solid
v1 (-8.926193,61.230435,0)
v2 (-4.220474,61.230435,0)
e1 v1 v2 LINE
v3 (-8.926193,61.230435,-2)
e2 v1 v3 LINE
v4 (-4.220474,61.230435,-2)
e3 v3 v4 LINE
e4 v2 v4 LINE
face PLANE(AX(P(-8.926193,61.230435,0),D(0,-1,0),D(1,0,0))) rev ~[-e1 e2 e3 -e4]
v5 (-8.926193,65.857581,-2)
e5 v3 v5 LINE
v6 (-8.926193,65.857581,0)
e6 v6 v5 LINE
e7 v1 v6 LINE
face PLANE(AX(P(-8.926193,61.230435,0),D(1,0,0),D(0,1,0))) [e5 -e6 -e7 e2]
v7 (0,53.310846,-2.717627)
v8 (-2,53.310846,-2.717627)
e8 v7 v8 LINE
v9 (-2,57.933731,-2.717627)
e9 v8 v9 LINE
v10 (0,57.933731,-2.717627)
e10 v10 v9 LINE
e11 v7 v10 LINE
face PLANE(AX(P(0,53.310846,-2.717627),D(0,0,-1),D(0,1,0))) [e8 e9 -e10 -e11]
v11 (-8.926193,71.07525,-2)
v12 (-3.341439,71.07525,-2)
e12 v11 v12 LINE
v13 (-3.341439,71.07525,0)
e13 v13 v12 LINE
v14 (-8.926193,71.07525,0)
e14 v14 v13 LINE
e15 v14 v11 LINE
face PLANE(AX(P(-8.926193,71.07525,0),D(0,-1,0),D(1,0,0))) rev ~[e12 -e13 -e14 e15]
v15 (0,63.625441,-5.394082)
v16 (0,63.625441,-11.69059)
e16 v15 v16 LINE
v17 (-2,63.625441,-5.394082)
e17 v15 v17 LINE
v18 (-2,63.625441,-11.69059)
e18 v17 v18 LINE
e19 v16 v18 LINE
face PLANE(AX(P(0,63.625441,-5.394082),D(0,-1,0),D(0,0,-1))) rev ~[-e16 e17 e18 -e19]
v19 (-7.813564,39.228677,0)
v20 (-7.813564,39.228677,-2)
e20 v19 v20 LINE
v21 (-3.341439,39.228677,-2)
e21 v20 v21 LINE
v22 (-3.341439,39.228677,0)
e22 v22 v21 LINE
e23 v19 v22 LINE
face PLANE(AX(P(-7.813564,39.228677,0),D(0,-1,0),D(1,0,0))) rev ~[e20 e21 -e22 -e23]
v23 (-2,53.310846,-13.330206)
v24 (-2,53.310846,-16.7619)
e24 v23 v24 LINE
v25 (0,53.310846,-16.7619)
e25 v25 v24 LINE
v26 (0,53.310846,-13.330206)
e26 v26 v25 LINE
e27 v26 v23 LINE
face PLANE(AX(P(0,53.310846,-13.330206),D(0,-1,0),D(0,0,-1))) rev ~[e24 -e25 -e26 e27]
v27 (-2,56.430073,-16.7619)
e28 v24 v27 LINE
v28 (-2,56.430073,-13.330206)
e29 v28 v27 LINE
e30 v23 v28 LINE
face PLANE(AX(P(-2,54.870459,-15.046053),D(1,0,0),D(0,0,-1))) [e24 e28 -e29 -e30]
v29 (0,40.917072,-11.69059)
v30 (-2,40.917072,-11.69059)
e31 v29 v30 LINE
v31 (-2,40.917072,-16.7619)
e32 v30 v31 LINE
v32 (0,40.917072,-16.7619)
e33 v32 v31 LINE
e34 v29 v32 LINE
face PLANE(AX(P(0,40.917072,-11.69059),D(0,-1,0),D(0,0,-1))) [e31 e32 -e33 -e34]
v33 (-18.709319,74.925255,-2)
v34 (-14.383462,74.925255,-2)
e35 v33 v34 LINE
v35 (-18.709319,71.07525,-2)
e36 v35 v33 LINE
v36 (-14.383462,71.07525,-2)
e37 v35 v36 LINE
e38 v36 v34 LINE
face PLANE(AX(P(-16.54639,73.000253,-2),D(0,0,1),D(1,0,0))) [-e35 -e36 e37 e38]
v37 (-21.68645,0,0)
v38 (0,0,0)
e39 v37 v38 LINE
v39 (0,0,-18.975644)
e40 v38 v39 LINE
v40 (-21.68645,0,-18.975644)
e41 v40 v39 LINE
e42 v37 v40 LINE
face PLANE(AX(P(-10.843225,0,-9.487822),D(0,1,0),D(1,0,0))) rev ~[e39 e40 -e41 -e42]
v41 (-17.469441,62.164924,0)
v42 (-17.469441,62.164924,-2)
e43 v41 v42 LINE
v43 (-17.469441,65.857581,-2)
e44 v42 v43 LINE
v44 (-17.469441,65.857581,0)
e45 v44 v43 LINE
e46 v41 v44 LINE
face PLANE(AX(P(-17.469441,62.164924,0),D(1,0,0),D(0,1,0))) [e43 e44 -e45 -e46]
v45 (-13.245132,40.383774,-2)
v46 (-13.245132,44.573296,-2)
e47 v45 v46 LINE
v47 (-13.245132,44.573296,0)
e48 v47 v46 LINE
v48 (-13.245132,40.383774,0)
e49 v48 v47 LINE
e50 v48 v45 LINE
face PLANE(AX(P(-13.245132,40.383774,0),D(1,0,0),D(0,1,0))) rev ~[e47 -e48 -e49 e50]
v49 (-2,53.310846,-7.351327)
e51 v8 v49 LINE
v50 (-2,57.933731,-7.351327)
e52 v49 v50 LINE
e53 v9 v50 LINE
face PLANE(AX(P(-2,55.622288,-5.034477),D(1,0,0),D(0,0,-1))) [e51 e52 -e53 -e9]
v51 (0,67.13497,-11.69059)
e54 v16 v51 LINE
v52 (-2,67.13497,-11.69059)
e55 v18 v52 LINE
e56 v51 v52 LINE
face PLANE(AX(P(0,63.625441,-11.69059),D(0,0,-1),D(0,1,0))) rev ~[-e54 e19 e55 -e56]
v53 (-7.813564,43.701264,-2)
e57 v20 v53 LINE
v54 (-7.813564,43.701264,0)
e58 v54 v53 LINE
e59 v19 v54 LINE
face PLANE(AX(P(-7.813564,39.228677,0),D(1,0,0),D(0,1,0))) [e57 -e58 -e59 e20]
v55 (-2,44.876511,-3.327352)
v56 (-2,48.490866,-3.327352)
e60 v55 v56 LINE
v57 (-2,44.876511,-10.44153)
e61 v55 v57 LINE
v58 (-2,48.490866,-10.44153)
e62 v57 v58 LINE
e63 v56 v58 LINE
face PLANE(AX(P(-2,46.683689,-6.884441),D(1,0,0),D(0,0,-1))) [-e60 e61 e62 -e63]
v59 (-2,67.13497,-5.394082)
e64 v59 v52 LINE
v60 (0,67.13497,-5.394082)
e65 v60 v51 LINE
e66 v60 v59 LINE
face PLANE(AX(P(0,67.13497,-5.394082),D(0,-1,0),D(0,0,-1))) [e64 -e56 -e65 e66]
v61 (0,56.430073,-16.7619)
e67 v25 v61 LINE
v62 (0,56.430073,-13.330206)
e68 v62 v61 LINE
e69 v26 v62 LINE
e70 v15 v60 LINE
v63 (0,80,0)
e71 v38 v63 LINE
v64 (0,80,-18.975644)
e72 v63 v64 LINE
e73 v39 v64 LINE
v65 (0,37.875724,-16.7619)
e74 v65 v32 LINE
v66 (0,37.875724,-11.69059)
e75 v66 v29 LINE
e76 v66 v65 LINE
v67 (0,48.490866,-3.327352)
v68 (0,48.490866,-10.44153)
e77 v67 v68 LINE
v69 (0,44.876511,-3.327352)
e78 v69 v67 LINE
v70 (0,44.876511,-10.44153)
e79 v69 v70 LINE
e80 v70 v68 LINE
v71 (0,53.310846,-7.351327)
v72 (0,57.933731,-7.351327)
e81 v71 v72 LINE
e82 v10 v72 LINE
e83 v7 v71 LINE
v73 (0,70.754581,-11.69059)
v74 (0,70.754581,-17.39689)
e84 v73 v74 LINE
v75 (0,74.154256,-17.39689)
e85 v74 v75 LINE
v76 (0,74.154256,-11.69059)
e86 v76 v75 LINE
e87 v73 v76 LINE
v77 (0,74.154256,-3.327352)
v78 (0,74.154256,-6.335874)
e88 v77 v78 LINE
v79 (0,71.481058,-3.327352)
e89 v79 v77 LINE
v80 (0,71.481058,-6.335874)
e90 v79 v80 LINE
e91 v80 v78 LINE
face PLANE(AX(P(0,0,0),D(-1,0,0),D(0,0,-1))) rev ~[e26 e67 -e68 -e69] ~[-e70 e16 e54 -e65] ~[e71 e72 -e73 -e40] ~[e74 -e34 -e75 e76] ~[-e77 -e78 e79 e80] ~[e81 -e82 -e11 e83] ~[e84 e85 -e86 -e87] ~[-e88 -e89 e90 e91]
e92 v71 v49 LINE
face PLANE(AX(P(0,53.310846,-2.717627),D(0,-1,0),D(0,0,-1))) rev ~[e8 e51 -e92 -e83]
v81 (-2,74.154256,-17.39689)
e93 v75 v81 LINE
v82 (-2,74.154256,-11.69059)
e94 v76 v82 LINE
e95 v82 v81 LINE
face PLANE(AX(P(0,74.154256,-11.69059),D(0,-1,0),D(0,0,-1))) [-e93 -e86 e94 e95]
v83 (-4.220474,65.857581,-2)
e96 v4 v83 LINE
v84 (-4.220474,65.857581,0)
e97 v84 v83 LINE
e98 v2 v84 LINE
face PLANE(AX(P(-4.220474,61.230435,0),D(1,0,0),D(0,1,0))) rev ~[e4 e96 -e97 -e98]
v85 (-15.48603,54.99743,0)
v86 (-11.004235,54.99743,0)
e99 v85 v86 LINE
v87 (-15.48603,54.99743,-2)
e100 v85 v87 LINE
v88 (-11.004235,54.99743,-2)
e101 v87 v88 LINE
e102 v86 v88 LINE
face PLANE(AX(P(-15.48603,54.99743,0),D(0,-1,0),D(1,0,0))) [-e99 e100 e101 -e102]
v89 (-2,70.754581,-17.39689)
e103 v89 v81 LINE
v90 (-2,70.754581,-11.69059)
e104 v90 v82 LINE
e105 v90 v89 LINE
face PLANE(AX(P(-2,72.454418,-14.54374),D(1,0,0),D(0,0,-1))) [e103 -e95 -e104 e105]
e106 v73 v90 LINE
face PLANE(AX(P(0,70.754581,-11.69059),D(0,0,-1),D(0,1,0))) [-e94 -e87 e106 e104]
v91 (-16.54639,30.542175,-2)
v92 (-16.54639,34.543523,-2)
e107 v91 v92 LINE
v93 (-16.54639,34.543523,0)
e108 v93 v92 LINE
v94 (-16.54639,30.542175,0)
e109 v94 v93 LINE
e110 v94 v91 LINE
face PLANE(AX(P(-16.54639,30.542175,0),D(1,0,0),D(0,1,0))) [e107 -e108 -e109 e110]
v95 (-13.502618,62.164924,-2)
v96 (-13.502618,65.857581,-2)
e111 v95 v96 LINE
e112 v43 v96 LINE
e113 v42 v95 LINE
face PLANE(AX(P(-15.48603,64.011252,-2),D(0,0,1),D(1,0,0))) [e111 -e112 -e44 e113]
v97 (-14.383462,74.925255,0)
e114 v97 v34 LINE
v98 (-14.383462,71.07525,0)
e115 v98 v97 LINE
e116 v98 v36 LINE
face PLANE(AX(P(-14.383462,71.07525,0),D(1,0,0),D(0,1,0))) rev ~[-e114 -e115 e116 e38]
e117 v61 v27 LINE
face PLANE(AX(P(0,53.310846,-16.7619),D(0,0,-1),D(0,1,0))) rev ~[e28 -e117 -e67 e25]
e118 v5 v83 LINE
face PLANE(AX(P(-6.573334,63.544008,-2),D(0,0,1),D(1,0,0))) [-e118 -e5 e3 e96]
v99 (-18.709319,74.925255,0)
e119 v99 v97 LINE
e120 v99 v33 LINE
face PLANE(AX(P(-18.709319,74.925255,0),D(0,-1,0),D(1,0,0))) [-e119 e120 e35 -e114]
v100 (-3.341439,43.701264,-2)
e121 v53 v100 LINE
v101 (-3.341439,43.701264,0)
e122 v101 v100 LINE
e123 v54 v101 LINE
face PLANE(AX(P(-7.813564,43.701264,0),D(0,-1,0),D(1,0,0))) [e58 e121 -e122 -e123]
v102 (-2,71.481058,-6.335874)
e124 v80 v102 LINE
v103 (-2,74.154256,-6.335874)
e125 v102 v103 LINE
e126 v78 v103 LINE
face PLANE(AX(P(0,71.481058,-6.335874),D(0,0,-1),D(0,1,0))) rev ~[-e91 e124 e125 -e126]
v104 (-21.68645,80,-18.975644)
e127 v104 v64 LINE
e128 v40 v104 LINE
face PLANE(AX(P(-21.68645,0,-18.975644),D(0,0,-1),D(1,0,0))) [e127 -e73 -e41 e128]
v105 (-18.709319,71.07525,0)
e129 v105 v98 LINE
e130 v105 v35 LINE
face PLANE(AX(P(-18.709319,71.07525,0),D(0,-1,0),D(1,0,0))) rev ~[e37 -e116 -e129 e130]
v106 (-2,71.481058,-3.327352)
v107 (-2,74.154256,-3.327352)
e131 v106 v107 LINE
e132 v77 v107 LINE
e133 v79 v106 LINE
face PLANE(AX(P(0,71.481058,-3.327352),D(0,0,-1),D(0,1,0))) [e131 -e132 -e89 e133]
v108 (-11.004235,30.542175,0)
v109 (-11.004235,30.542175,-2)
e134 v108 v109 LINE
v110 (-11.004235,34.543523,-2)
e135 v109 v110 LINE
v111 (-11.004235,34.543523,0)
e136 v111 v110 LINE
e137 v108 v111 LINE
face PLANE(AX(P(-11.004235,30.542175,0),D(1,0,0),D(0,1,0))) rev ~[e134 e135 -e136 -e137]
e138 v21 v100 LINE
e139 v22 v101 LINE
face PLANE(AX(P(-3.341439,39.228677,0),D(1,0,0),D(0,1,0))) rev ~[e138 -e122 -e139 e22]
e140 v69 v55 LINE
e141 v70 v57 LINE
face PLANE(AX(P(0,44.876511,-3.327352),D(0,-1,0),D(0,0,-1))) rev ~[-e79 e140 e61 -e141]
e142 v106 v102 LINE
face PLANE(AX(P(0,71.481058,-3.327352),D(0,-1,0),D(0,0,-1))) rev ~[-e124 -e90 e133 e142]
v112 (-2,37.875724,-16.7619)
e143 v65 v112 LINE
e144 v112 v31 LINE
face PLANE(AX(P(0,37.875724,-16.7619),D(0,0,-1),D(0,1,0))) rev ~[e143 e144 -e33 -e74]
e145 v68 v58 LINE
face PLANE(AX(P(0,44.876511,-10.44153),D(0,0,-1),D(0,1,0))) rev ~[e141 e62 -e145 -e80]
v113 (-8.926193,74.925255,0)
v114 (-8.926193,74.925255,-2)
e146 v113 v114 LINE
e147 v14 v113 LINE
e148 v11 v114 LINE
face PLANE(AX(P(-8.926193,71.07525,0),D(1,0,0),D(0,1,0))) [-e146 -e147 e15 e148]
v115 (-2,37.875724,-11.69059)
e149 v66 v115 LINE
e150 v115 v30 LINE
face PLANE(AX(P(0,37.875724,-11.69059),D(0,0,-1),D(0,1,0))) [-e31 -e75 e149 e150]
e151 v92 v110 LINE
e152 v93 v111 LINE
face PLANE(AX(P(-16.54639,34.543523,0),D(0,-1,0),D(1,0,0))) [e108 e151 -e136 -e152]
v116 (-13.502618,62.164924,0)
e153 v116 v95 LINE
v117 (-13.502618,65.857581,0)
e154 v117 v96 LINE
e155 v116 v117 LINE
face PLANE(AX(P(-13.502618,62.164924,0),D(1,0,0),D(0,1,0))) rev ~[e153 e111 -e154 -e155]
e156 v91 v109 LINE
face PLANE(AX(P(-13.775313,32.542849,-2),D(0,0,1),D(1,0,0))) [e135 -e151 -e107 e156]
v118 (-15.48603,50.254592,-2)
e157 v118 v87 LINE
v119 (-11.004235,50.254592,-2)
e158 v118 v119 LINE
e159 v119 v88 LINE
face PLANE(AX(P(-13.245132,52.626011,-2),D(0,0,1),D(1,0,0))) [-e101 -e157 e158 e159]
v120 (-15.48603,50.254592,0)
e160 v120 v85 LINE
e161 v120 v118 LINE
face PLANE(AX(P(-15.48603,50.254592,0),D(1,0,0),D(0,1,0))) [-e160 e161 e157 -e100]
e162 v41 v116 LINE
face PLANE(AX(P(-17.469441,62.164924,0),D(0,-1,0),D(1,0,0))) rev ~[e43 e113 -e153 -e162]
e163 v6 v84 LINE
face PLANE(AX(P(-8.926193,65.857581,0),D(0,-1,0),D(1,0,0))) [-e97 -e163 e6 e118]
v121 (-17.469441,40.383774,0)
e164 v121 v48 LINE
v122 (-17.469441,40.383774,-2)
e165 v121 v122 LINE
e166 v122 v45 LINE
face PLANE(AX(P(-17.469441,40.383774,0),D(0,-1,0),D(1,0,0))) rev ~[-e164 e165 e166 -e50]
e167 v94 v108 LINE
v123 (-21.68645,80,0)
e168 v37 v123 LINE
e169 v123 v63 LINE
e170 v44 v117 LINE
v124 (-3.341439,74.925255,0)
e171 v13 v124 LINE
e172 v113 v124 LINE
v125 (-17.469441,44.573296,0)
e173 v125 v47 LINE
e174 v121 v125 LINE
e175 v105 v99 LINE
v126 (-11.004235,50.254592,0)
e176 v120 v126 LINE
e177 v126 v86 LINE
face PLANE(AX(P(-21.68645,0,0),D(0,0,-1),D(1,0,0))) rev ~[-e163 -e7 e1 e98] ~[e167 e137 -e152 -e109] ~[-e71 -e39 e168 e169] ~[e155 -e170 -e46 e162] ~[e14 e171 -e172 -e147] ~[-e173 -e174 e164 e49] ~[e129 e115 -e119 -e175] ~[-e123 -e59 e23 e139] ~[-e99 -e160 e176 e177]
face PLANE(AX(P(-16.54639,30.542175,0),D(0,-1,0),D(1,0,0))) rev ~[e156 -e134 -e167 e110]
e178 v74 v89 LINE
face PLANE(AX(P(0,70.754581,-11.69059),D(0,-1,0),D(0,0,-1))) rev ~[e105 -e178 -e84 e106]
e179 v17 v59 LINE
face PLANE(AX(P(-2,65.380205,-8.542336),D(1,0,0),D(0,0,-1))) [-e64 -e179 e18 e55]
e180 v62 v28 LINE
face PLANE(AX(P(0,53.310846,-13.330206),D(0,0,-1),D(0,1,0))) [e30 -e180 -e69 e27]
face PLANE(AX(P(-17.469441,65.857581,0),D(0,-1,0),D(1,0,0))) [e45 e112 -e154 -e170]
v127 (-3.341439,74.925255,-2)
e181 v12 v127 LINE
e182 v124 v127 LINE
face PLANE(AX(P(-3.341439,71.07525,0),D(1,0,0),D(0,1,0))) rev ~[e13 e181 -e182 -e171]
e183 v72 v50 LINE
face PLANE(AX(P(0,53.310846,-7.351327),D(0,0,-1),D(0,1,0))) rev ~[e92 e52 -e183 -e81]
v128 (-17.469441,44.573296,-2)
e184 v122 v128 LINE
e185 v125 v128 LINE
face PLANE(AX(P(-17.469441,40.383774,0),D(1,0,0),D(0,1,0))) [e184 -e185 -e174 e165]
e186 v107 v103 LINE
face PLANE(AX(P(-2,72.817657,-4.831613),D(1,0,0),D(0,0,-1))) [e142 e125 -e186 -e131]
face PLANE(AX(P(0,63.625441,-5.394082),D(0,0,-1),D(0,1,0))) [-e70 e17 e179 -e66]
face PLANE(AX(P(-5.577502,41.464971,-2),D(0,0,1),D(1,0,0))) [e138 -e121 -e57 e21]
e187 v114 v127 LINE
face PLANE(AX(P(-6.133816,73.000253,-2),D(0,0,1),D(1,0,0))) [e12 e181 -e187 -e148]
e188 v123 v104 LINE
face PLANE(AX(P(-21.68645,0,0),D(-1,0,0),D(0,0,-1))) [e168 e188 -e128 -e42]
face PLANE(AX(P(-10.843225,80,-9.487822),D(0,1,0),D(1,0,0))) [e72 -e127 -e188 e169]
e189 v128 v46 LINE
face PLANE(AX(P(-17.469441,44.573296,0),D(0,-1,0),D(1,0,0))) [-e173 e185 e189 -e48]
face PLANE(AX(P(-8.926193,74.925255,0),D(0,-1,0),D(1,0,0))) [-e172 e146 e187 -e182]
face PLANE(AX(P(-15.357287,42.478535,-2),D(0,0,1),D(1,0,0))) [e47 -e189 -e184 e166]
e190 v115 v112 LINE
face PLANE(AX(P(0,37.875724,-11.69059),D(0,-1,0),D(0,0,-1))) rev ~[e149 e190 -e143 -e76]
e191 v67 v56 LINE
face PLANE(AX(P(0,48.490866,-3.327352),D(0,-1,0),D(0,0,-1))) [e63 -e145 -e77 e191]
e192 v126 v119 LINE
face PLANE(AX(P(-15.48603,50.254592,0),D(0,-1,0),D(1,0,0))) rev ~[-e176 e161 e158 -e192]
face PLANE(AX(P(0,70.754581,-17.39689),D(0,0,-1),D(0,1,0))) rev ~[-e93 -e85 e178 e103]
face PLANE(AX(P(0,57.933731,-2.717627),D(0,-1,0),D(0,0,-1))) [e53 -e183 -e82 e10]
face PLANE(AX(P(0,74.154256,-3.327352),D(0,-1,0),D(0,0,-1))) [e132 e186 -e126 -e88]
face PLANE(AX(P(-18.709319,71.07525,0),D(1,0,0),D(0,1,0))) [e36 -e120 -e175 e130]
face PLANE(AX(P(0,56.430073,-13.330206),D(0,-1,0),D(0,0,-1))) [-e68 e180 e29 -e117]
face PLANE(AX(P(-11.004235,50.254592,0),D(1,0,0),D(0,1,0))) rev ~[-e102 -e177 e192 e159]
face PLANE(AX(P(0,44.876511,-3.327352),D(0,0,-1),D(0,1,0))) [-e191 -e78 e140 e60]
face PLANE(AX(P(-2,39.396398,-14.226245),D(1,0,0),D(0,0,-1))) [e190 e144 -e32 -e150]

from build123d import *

# Parameters (mm, degrees)
SKETCH_2_W          = 21.686450318
SKETCH_2_H          = 18.975644028
EXTRUDE_1_DEPTH     = 80
SKETCH_3_W          = 4.325856272
SKETCH_3_H          = 3.850004403
SKETCH_3_W_2        = 5.584754458
SKETCH_3_W_3        = 3.96682231
SKETCH_3_H_2        = 3.692656783
SKETCH_3_W_4        = 4.705718876
SKETCH_3_H_3        = 4.627145628
SKETCH_3_W_5        = 4.481794252
SKETCH_3_H_4        = 4.742838382
SKETCH_3_W_6        = 4.224308281
SKETCH_3_H_5        = 4.189521493
SKETCH_3_W_7        = 4.472125562
SKETCH_3_H_6        = 4.472586404
SKETCH_3_W_8        = 5.542155091
SKETCH_3_H_7        = 4.001347562
CUT_EXTRUDE_1_DEPTH = 2
SKETCH_4_W          = 3.008522681
SKETCH_4_H          = 2.673197864
SKETCH_4_W_2        = 5.706300448
SKETCH_4_H_2        = 3.399675438
SKETCH_4_W_3        = 6.296507583
SKETCH_4_H_3        = 3.509528199
SKETCH_4_W_4        = 4.633699799
SKETCH_4_H_4        = 4.622885298
SKETCH_4_W_5        = 3.431694386
SKETCH_4_H_5        = 3.11922744
SKETCH_4_W_6        = 7.114178537
SKETCH_4_H_6        = 3.614354853
SKETCH_4_W_7        = 5.071310287
SKETCH_4_H_7        = 3.04134768
CUT_EXTRUDE_2_DEPTH = 2


with BuildPart() as part:
    # Эскиз2 → Бобышка-Вытянуть1 (new body)
    with BuildSketch(Plane(origin=(0, 0, 0), x_dir=(1, 0, 0), z_dir=(0, 1, 0))):
        with Locations((-10.843225159, 9.487822014)):
            Rectangle(SKETCH_2_W, SKETCH_2_H)
    extrude(amount=EXTRUDE_1_DEPTH)

    # Эскиз3 → Вырез-Вытянуть1 (cut)
    with BuildSketch(Plane.XY):
        with Locations((-16.546390401, 73.000252652)):
            Rectangle(SKETCH_3_W, SKETCH_3_H)
        with Locations((-6.133816144, 73.000252652)):
            Rectangle(SKETCH_3_W_2, SKETCH_3_H)
        with Locations((-15.486029562, 64.011252425)):
            Rectangle(SKETCH_3_W_3, SKETCH_3_H_2)
        with Locations((-6.573333935, 63.544008002)):
            Rectangle(SKETCH_3_W_4, SKETCH_3_H_3)
        with Locations((-13.245132436, 52.626011155)):
            Rectangle(SKETCH_3_W_5, SKETCH_3_H_4)
        with Locations((-15.357286577, 42.478535232)):
            Rectangle(SKETCH_3_W_6, SKETCH_3_H_5)
        with Locations((-5.577501696, 41.464970569)):
            Rectangle(SKETCH_3_W_7, SKETCH_3_H_6)
        with Locations((-13.775312856, 32.542849067)):
            Rectangle(SKETCH_3_W_8, SKETCH_3_H_7)
    extrude(amount=-CUT_EXTRUDE_1_DEPTH, mode=Mode.SUBTRACT)

    # Эскиз4 → Вырез-Вытянуть2 (cut)
    with BuildSketch(Plane(origin=(0, 0, 0), x_dir=(0, 0, -1), z_dir=(1, 0, 0))):
        with Locations((4.831613066, 72.817657134)):
            Rectangle(SKETCH_4_W, SKETCH_4_H)
        with Locations((14.543739986, 72.454418347)):
            Rectangle(SKETCH_4_W_2, SKETCH_4_H_2)
        with Locations((8.54233597, 65.380205413)):
            Rectangle(SKETCH_4_W_3, SKETCH_4_H_3)
        with Locations((5.034477327, 55.62228831)):
            Rectangle(SKETCH_4_W_4, SKETCH_4_H_4)
        with Locations((15.046052856, 54.870459381)):
            Rectangle(SKETCH_4_W_5, SKETCH_4_H_5)
        with Locations((6.884440994, 46.683688672)):
            Rectangle(SKETCH_4_W_6, SKETCH_4_H_6)
        with Locations((14.226244905, 39.396398085)):
            Rectangle(SKETCH_4_W_7, SKETCH_4_H_7)
    extrude(amount=-CUT_EXTRUDE_2_DEPTH, mode=Mode.SUBTRACT)


solid = part.part
